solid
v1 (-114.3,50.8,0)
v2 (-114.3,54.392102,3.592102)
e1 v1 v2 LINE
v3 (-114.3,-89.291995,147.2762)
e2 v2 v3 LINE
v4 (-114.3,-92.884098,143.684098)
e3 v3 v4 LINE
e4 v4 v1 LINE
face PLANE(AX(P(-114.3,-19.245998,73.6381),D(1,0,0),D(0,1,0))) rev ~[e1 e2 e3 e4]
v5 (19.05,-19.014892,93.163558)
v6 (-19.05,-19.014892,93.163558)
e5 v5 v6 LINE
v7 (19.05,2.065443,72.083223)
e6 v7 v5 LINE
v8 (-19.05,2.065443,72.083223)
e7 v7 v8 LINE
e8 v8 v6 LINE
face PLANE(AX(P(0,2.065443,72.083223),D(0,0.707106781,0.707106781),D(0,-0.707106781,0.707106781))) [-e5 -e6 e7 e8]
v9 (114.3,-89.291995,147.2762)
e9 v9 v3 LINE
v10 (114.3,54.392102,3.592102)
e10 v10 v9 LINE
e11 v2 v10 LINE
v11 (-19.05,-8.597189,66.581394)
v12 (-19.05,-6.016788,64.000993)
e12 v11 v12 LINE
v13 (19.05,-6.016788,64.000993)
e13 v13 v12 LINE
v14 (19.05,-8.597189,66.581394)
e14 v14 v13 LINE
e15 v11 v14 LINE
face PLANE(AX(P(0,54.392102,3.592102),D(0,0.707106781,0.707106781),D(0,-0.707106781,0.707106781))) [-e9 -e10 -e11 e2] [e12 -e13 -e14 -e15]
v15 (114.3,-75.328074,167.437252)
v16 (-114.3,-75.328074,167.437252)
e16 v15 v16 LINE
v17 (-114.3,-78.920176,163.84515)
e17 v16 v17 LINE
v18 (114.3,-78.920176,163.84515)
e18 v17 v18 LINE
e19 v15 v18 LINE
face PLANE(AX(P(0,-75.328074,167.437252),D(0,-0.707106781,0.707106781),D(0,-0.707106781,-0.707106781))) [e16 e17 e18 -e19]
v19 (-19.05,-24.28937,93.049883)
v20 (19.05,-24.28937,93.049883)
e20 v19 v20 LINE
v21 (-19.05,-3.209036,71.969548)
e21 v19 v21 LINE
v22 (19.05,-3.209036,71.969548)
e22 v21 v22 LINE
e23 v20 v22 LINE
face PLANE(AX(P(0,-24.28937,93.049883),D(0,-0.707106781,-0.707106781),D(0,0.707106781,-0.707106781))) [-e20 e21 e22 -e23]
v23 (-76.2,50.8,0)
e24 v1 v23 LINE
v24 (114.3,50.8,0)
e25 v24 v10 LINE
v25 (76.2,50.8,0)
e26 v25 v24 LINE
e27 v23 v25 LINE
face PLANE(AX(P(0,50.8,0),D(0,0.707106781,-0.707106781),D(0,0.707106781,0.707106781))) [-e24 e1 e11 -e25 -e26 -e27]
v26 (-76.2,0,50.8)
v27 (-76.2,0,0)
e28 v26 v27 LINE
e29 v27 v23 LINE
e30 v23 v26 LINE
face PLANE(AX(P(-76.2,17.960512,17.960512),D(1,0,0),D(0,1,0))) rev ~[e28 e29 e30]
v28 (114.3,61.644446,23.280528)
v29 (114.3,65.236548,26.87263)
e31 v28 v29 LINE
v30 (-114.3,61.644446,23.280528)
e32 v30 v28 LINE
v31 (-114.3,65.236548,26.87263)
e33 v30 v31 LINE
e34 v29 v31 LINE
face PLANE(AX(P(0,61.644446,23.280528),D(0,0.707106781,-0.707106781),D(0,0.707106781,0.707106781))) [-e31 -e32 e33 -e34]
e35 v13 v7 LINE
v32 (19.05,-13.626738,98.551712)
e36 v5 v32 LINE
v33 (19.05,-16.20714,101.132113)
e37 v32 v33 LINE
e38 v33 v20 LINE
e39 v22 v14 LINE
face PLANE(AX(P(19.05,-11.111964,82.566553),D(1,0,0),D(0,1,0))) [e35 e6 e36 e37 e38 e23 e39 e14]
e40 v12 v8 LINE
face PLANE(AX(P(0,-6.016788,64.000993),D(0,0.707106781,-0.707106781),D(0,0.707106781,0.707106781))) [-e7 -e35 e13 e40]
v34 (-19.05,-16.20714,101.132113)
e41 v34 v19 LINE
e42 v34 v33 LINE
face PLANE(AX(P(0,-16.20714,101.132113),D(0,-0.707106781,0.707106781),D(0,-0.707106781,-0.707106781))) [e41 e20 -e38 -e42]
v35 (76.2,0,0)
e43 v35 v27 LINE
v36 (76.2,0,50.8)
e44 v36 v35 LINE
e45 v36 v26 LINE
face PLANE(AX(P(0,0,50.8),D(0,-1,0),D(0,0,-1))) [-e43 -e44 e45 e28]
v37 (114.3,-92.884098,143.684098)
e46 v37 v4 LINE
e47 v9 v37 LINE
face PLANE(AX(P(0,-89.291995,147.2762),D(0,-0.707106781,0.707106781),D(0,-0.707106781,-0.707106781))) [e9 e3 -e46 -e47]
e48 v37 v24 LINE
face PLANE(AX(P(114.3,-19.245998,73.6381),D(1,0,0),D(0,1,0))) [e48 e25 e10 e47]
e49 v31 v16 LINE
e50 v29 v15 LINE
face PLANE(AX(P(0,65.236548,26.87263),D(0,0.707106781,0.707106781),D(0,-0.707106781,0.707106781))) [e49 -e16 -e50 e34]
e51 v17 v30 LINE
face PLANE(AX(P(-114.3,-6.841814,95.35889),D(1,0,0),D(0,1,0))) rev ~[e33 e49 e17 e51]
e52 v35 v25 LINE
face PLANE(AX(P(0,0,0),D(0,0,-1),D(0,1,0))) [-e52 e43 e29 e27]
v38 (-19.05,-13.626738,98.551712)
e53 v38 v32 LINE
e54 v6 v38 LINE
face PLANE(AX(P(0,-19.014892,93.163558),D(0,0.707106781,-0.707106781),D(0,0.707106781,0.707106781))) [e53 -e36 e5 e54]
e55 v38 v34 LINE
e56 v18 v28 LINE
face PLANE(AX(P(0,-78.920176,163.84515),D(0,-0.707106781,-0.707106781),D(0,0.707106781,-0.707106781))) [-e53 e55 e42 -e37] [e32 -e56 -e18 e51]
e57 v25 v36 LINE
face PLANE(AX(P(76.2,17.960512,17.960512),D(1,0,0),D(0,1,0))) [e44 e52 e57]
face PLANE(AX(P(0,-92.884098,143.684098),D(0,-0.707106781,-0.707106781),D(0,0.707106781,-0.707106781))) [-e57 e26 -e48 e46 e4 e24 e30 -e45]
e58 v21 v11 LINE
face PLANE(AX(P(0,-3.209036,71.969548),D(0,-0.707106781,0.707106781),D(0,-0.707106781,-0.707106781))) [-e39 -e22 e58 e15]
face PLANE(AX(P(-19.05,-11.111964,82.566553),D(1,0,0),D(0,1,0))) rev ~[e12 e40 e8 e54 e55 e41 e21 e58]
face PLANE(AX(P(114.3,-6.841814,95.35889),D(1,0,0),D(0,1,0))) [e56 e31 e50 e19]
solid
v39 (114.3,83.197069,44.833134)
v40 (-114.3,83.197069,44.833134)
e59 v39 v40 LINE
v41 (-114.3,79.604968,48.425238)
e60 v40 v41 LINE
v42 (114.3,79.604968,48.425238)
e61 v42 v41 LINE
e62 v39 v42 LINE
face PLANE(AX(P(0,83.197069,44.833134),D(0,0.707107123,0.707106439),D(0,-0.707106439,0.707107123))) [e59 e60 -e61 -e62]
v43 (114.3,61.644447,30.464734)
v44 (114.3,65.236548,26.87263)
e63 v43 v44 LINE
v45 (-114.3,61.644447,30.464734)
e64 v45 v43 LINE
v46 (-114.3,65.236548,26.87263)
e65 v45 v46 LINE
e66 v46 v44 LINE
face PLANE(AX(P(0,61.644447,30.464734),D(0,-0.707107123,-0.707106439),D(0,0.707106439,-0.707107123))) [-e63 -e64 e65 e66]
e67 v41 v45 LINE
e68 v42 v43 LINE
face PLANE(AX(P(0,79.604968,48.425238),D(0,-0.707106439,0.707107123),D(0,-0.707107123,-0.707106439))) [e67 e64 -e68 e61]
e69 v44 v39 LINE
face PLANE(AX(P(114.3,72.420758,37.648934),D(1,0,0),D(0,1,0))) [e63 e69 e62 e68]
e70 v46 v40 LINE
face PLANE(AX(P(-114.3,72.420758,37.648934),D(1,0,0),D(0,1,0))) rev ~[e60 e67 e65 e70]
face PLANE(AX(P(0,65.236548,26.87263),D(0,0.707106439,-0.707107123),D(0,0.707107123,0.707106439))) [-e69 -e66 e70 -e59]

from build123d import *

# Parameters (mm, degrees)
F1_DEPTH = 76.2
F3_DEPTH = 114.3
F5_DEPTH = 19.05
F7_DEPTH = 114.3
F9_DEPTH = 114.3


with BuildPart() as f1:
    # F0 (on Right) → F1 (new body, symmetric)
    with BuildSketch(Plane.YZ):
        Polygon((0, 0), (50.8, 0), (0, 50.8), align=None)
    extrude(amount=F1_DEPTH, both=True)

    # F2 (on Right) → F3 (join, symmetric)
    with BuildSketch(Plane.YZ):
        Polygon((-92.8840979371, 143.6840979371), (50.8, 0), (54.3921024484, 3.5921024484), (-89.2919954887, 147.2762003855), align=None)
    extrude(amount=F3_DEPTH, both=True)

    # F4 (on Right) → F5 (join, symmetric)
    with BuildSketch(Plane.YZ):
        Polygon((-19.0148921431, 93.1635580579), (-13.6267384705, 98.5517117306), (-16.2071399733, 101.1321132333), (-24.2893704822, 93.0498827244), (-3.2090356941, 71.9695479362), (-8.5971893667, 66.5813942636), (-6.0167878639, 64.0009927608), (2.065442645, 72.0832232698), align=None)
    extrude(amount=F5_DEPTH, both=True)

    # F6 (on Right) → F7 (join, symmetric)
    with BuildSketch(Plane.YZ):
        Polygon((-75.328073948, 167.4372521049), (-78.9201763964, 163.8451496565), (61.6444455203, 23.2805277398), (65.2365479687, 26.8726301882), align=None)
    extrude(amount=F7_DEPTH, both=True)


with BuildPart() as f9:
    # F8 (on Right) → F9 (new body, symmetric)
    with BuildSketch(Plane.YZ):
        Polygon((79.6049681903, 48.4252379269), (61.6444472583, 30.4647343746), (65.2365479687, 26.8726301882), (83.1970689007, 44.8331337405), align=None)
    extrude(amount=F9_DEPTH, both=True)


solid = Compound([f1.part, f9.part])
